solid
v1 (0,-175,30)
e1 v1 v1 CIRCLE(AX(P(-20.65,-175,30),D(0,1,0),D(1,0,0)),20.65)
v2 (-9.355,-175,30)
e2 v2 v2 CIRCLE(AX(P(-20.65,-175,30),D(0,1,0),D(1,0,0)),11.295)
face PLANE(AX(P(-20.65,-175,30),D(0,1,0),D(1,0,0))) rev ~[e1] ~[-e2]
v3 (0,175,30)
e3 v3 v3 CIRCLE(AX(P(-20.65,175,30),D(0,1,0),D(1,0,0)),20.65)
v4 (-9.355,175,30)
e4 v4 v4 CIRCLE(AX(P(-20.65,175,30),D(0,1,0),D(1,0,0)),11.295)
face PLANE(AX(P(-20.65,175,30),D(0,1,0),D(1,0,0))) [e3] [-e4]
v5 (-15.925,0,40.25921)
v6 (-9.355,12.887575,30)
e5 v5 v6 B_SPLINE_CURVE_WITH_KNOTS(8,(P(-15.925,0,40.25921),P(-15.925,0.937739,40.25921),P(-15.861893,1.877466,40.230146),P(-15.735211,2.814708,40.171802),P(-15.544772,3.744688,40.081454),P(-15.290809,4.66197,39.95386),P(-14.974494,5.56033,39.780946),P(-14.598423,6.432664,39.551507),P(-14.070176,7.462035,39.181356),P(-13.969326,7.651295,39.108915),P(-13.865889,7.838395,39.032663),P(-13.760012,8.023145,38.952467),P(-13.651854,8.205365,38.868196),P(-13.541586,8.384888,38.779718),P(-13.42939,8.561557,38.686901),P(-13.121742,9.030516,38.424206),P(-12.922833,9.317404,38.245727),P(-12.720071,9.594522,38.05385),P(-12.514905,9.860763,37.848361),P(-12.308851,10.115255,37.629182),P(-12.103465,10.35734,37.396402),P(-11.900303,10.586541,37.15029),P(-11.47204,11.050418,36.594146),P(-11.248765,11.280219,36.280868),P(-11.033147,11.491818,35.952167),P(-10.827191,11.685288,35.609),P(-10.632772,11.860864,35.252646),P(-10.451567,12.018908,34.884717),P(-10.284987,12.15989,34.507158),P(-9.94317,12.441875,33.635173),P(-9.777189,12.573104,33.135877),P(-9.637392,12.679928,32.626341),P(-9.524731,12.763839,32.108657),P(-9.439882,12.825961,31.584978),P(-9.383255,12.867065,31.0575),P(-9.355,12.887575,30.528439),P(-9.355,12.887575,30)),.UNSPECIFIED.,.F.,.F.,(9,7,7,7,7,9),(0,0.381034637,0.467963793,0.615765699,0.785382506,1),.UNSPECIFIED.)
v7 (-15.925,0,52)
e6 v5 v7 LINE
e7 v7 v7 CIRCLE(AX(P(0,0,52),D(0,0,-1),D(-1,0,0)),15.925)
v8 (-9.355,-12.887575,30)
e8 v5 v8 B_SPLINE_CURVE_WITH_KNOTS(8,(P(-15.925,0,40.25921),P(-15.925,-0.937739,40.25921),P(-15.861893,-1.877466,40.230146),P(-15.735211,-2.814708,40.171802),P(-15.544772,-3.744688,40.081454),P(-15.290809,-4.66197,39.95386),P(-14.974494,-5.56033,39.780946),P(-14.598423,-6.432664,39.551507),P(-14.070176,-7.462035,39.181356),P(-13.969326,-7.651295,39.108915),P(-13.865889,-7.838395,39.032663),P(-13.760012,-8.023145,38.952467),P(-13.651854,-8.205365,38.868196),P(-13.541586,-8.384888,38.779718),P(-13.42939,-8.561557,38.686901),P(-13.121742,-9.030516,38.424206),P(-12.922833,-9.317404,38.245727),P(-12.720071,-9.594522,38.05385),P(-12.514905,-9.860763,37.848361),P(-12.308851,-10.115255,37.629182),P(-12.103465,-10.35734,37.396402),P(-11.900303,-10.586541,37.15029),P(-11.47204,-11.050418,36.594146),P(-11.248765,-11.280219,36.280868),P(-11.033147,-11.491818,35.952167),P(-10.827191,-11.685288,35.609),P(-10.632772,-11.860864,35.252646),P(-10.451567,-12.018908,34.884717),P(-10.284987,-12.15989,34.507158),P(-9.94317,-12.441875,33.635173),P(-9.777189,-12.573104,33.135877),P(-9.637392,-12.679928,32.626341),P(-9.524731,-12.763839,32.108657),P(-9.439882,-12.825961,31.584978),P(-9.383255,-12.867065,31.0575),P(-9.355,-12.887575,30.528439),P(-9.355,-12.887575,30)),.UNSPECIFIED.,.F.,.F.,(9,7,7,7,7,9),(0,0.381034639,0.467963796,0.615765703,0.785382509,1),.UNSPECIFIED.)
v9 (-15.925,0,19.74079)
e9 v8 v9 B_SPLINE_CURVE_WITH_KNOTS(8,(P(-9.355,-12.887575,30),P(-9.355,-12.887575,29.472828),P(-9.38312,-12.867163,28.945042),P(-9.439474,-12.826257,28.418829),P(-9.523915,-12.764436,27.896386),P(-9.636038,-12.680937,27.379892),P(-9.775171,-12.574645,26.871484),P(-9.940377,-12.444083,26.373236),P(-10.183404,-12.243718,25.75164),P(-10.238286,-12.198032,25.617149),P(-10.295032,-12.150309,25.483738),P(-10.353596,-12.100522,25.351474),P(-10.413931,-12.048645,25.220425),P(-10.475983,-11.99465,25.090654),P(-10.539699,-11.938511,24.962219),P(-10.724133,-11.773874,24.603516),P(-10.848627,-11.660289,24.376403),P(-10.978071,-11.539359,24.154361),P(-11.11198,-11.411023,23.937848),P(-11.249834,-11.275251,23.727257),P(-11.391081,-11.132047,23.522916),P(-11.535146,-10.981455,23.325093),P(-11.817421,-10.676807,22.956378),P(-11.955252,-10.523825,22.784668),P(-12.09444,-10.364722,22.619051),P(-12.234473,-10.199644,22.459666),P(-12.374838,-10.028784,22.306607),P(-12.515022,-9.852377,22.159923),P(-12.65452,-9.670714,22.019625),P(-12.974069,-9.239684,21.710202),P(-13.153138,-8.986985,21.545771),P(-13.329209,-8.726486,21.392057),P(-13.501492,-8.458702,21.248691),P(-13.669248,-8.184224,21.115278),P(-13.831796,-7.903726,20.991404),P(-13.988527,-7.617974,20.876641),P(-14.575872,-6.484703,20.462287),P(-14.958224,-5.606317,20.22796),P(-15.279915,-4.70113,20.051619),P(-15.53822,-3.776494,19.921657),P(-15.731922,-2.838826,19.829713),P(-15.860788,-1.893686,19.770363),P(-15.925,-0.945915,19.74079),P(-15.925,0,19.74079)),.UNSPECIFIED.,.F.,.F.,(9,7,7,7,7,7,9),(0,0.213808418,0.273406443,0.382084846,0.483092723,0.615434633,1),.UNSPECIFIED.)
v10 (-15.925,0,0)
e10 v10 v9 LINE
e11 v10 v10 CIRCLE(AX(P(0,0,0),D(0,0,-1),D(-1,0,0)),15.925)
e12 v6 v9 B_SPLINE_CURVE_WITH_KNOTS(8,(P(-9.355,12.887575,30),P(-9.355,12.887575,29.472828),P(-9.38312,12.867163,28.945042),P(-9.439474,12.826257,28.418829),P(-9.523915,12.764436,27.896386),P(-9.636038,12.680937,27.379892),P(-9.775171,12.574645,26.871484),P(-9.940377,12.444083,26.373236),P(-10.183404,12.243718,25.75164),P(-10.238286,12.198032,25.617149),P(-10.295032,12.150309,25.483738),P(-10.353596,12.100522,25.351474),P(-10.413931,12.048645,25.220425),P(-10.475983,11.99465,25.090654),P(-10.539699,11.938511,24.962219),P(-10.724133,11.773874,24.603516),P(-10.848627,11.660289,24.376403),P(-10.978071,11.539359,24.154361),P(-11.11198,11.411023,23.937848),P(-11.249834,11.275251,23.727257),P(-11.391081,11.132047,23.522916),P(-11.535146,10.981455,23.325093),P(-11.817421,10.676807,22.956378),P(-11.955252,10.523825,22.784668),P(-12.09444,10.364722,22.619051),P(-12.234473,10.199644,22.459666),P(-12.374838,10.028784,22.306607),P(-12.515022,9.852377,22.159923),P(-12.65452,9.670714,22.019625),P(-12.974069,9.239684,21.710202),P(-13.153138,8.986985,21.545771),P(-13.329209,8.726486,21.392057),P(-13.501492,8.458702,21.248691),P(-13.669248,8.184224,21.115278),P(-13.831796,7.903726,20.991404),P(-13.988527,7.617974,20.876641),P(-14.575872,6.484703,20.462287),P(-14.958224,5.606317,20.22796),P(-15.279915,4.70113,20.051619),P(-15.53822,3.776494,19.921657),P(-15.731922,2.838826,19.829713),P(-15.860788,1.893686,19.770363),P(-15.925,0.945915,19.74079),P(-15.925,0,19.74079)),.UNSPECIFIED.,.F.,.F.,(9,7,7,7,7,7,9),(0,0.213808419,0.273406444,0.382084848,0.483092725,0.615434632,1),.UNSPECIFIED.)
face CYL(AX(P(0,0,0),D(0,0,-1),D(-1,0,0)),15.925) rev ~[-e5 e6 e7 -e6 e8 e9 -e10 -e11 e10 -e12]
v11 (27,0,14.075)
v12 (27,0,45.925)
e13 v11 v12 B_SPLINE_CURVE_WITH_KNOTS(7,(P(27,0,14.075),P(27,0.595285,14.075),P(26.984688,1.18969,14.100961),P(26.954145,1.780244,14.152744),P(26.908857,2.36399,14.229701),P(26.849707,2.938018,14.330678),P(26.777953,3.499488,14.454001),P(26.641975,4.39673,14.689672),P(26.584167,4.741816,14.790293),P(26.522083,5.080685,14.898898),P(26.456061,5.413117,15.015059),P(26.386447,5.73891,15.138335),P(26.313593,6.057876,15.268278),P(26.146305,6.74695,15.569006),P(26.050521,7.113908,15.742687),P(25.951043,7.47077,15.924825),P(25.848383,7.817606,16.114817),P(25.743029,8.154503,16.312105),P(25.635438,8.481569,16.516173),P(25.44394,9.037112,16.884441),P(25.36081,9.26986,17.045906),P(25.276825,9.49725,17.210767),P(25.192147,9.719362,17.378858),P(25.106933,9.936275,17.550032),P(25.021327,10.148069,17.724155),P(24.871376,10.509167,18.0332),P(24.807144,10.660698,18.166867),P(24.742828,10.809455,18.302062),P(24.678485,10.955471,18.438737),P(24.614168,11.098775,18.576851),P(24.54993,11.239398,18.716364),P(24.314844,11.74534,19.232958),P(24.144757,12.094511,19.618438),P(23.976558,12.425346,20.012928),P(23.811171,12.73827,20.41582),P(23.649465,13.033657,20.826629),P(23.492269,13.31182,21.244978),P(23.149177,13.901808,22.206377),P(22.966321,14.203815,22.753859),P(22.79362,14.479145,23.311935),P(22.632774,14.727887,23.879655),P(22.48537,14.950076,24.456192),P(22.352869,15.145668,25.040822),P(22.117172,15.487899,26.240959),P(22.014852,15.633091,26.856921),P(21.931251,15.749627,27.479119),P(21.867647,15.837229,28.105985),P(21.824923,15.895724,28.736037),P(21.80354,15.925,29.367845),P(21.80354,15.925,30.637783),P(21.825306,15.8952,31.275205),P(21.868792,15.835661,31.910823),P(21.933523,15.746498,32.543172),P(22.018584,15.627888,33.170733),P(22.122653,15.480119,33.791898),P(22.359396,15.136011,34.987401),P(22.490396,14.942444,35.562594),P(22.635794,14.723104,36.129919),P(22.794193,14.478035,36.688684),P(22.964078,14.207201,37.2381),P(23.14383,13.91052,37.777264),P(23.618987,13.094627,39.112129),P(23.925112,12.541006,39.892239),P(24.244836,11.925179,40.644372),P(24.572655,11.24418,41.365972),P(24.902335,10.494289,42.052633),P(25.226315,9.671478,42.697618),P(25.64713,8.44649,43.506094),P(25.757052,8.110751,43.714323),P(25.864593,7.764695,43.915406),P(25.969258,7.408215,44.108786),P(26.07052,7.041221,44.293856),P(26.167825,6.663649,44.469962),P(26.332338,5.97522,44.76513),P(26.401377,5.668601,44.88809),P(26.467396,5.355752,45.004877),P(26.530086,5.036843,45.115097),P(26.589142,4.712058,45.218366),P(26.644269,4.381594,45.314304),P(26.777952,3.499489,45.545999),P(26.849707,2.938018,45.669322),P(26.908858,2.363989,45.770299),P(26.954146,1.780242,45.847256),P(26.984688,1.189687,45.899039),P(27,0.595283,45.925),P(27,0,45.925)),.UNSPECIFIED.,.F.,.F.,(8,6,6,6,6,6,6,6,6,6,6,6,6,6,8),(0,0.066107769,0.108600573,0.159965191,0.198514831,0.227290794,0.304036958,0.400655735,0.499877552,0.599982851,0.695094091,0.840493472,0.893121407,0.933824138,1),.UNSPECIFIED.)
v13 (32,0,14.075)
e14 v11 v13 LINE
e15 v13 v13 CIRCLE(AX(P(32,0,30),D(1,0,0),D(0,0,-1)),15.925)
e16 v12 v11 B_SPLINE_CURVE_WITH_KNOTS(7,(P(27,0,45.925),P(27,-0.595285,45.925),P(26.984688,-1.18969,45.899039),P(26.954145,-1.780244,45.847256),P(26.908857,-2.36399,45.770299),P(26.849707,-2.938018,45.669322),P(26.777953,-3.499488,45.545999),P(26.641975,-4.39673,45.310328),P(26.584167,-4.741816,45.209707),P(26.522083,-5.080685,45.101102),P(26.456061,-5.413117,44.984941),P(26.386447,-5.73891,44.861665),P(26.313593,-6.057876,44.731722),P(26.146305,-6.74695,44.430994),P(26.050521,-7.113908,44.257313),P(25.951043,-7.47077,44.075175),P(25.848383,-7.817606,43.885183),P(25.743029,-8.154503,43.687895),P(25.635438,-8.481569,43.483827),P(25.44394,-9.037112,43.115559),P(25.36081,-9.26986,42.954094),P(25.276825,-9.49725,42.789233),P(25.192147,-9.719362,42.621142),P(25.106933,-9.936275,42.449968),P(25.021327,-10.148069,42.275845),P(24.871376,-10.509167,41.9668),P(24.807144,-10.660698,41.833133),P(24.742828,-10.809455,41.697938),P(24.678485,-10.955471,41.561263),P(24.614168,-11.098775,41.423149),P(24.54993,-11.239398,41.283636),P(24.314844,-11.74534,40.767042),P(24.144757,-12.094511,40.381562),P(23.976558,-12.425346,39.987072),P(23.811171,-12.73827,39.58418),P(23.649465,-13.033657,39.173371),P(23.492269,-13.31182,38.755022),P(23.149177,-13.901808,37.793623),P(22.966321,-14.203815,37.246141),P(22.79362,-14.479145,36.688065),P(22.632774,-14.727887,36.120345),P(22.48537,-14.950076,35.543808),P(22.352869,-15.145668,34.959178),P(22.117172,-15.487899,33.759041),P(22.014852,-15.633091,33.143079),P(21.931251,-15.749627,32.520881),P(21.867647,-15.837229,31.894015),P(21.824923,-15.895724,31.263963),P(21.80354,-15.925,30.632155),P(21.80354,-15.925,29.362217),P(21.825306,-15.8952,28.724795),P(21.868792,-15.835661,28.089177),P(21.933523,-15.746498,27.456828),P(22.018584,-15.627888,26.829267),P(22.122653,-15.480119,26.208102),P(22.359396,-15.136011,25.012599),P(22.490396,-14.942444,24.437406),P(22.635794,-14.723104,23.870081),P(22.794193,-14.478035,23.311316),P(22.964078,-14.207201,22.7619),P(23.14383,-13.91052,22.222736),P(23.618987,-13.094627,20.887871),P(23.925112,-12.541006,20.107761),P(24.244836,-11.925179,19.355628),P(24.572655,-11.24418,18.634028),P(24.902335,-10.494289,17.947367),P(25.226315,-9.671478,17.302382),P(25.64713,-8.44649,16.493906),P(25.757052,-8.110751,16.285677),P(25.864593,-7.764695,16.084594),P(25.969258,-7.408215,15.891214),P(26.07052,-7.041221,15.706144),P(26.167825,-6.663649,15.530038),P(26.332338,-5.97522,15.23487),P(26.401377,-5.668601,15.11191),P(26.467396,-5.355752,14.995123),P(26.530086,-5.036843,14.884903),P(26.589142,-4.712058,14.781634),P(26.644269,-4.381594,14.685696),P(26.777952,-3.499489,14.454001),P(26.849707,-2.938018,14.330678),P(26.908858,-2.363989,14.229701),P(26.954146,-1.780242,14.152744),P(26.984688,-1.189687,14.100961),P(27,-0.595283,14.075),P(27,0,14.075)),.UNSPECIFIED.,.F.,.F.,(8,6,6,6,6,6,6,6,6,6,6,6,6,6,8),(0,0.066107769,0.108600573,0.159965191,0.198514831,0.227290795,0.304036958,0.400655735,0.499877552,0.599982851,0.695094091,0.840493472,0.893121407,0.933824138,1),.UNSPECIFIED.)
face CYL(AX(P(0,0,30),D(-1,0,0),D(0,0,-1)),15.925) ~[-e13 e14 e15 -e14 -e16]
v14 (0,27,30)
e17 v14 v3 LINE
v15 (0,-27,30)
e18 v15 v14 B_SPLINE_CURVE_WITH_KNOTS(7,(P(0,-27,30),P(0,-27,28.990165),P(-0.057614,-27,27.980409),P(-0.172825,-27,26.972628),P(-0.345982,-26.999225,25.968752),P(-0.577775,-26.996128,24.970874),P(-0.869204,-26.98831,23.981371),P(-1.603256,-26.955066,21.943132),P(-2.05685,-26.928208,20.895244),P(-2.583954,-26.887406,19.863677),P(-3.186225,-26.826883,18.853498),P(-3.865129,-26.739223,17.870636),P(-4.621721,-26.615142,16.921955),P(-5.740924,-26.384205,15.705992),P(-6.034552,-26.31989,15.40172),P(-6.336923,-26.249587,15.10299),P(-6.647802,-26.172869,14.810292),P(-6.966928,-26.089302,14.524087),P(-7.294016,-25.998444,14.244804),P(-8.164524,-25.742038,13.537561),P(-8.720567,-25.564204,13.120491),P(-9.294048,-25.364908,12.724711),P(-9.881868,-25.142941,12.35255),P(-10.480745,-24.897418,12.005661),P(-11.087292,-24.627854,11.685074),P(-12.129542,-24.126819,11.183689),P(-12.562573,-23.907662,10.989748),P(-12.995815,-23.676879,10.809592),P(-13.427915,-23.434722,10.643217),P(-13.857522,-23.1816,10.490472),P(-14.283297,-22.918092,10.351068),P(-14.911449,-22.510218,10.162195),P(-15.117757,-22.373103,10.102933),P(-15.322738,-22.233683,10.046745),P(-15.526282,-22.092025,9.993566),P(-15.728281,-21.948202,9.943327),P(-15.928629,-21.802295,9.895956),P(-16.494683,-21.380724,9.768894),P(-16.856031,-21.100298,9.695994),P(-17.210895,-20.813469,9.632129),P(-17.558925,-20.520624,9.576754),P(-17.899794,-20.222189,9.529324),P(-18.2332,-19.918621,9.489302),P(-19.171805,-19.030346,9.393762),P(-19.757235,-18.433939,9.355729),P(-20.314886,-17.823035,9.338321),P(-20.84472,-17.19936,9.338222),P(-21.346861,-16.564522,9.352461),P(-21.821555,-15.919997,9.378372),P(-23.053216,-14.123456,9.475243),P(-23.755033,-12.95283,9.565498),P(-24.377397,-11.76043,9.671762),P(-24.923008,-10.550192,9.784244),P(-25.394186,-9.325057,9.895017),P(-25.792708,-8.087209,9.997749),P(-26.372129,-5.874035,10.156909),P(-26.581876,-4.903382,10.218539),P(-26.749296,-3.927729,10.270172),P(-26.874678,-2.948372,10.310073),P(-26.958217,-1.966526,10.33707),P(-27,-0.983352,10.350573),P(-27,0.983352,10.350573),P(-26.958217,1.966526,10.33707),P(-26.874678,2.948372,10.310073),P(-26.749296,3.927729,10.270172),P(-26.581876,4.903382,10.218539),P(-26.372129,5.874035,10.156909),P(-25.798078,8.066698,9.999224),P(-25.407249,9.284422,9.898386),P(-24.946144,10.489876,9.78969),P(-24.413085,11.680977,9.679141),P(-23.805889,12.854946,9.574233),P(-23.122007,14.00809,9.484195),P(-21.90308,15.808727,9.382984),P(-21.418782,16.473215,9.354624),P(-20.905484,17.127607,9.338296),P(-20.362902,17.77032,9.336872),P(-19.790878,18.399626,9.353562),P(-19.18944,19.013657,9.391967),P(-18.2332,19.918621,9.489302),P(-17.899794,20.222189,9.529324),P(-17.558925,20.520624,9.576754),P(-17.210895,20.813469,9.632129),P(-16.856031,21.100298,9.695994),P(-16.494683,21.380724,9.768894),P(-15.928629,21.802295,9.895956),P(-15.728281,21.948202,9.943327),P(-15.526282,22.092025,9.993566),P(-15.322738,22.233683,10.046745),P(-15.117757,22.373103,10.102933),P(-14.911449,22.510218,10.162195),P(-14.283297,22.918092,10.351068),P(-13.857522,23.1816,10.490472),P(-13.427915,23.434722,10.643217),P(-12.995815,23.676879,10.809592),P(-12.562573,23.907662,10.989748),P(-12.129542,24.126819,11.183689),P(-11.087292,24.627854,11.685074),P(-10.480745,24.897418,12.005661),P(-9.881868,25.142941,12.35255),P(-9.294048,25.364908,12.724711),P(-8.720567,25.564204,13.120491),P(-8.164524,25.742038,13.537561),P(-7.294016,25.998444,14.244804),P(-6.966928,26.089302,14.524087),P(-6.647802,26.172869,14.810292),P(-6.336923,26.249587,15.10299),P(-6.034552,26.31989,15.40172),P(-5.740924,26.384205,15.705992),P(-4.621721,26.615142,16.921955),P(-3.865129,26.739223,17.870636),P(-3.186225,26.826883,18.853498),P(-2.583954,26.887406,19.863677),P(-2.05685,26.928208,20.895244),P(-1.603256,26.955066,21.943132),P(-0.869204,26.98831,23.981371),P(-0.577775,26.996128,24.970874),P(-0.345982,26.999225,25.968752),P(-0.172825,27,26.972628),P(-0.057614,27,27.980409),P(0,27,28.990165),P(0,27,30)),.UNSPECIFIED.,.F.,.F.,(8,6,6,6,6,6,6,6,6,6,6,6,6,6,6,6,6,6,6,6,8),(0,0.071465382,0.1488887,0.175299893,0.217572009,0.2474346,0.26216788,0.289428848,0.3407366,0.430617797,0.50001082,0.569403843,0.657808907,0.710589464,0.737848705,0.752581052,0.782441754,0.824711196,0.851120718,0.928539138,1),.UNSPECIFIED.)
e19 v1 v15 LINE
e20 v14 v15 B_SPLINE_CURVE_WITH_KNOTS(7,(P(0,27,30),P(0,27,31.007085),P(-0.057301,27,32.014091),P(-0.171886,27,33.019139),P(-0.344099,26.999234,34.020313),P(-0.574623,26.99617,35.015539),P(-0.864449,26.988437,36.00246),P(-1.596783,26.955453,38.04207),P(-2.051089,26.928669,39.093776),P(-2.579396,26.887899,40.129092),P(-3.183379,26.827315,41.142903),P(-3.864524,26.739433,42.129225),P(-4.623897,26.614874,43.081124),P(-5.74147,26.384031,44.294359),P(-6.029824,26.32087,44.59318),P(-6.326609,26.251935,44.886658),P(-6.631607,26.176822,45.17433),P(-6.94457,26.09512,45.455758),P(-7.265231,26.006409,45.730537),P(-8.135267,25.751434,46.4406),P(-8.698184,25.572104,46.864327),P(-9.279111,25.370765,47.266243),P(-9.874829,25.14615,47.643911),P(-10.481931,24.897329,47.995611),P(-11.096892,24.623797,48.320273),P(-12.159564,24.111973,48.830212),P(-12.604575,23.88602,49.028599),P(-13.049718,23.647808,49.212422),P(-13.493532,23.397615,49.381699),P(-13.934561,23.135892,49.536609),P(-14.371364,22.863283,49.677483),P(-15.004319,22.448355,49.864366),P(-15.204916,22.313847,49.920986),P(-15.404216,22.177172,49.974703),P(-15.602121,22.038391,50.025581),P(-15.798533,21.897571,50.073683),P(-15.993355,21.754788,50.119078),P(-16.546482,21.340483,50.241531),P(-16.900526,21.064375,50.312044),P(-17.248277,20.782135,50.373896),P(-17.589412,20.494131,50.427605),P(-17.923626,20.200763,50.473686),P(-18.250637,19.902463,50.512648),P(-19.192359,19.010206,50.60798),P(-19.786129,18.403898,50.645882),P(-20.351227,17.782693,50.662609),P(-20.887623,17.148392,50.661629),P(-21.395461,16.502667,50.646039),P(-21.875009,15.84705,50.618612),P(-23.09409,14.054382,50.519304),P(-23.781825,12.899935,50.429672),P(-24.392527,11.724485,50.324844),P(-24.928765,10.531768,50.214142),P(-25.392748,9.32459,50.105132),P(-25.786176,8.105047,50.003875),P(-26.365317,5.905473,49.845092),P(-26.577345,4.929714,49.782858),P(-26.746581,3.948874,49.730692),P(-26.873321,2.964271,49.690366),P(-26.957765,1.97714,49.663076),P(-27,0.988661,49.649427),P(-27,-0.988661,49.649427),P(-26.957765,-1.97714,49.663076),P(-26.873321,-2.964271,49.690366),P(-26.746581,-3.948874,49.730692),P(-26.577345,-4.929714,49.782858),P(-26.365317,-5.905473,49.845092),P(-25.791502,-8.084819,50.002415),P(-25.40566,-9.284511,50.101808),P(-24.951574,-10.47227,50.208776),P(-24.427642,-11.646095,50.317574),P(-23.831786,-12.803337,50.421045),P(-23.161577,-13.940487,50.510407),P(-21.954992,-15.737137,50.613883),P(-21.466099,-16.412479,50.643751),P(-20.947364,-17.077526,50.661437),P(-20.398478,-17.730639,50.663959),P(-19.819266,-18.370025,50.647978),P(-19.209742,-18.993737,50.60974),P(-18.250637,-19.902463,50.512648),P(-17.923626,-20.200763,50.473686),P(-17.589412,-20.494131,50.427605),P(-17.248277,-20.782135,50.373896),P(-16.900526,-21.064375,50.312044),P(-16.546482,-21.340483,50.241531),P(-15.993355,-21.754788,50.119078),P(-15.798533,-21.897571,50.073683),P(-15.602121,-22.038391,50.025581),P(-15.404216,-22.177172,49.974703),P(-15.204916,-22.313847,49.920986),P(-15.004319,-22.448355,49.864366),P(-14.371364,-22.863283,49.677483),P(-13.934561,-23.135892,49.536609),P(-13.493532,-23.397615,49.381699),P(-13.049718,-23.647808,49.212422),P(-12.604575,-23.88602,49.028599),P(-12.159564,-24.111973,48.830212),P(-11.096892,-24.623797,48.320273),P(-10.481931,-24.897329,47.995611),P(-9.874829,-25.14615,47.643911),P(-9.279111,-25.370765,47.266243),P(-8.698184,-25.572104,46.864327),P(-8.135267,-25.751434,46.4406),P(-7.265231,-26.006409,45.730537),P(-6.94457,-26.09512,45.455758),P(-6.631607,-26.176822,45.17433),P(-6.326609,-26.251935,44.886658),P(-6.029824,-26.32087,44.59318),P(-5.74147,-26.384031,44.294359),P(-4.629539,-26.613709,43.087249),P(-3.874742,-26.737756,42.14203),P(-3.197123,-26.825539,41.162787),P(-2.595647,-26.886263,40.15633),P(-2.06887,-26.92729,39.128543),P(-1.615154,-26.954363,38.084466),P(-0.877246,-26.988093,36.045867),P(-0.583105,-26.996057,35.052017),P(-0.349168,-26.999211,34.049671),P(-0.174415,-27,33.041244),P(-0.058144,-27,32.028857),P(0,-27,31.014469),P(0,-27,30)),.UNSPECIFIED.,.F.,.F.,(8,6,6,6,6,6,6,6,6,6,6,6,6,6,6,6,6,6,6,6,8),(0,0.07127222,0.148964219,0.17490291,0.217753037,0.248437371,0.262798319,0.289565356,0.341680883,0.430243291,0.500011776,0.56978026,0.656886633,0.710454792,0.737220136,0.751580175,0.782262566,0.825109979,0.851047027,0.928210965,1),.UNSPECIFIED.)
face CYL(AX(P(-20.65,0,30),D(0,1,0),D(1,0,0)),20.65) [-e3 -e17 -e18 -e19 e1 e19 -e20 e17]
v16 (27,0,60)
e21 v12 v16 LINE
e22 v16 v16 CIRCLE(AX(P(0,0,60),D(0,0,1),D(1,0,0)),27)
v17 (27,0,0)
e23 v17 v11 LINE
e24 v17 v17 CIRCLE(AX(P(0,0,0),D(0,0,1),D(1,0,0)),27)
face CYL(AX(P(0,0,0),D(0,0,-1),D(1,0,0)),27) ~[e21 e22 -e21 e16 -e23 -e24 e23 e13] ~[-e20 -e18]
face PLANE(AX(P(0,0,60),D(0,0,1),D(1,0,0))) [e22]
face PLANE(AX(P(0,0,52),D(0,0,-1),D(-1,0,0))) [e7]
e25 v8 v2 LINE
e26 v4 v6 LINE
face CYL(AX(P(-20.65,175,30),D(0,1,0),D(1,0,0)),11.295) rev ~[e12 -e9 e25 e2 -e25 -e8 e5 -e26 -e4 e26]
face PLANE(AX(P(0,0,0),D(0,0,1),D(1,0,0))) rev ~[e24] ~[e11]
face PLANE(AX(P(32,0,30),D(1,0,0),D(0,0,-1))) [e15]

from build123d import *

# Parameters (mm, degrees)
SKETCH1_R           = 27
BOSS_EXTRUDE1_DEPTH = 60
SKETCH2_R           = 20.65
BOSS_EXTRUDE2_DEPTH = 175
SKETCH3_R           = 15.925
BOSS_EXTRUDE3_DEPTH = 32
SKETCH4_R           = 11.295
CUT_EXTRUDE1_DEPTH  = 351.0000001
SKETCH5_R           = 15.925
CUT_EXTRUDE2_DEPTH  = 52


with BuildPart() as part:
    # Sketch1 → Boss-Extrude1 (new body)
    with BuildSketch(Plane.XY):
        Circle(SKETCH1_R)
    extrude(amount=BOSS_EXTRUDE1_DEPTH)

    # Sketch2 → Boss-Extrude2 (add, symmetric)
    with BuildSketch(Plane(origin=(0, 0, 0), x_dir=(1, 0, 0), z_dir=(0, 1, 0))):
        with Locations((-20.65, -30)):
            Circle(SKETCH2_R)
    extrude(amount=BOSS_EXTRUDE2_DEPTH, both=True)

    # Sketch3 → Boss-Extrude3 (add)
    with BuildSketch(Plane(origin=(0, 0, 0), x_dir=(0, 0, -1), z_dir=(1, 0, 0))):
        with Locations((-30, 0)):
            Circle(SKETCH3_R)
    extrude(amount=BOSS_EXTRUDE3_DEPTH)

    # Sketch4 → Cut-Extrude1 (cut, through all)
    with BuildSketch(Plane(origin=(0, 175, 0), x_dir=(1, 0, 0), z_dir=(0, 1, 0))):
        with Locations((-20.65, -30)):
            Circle(SKETCH4_R)
    extrude(amount=-CUT_EXTRUDE1_DEPTH, mode=Mode.SUBTRACT)

    # Sketch5 → Cut-Extrude2 (cut)
    with BuildSketch(Plane(origin=(0, 0, 0), x_dir=(-1, 0, 0), z_dir=(0, 0, -1))):
        Circle(SKETCH5_R)
    extrude(amount=-CUT_EXTRUDE2_DEPTH, mode=Mode.SUBTRACT)


solid = part.part
